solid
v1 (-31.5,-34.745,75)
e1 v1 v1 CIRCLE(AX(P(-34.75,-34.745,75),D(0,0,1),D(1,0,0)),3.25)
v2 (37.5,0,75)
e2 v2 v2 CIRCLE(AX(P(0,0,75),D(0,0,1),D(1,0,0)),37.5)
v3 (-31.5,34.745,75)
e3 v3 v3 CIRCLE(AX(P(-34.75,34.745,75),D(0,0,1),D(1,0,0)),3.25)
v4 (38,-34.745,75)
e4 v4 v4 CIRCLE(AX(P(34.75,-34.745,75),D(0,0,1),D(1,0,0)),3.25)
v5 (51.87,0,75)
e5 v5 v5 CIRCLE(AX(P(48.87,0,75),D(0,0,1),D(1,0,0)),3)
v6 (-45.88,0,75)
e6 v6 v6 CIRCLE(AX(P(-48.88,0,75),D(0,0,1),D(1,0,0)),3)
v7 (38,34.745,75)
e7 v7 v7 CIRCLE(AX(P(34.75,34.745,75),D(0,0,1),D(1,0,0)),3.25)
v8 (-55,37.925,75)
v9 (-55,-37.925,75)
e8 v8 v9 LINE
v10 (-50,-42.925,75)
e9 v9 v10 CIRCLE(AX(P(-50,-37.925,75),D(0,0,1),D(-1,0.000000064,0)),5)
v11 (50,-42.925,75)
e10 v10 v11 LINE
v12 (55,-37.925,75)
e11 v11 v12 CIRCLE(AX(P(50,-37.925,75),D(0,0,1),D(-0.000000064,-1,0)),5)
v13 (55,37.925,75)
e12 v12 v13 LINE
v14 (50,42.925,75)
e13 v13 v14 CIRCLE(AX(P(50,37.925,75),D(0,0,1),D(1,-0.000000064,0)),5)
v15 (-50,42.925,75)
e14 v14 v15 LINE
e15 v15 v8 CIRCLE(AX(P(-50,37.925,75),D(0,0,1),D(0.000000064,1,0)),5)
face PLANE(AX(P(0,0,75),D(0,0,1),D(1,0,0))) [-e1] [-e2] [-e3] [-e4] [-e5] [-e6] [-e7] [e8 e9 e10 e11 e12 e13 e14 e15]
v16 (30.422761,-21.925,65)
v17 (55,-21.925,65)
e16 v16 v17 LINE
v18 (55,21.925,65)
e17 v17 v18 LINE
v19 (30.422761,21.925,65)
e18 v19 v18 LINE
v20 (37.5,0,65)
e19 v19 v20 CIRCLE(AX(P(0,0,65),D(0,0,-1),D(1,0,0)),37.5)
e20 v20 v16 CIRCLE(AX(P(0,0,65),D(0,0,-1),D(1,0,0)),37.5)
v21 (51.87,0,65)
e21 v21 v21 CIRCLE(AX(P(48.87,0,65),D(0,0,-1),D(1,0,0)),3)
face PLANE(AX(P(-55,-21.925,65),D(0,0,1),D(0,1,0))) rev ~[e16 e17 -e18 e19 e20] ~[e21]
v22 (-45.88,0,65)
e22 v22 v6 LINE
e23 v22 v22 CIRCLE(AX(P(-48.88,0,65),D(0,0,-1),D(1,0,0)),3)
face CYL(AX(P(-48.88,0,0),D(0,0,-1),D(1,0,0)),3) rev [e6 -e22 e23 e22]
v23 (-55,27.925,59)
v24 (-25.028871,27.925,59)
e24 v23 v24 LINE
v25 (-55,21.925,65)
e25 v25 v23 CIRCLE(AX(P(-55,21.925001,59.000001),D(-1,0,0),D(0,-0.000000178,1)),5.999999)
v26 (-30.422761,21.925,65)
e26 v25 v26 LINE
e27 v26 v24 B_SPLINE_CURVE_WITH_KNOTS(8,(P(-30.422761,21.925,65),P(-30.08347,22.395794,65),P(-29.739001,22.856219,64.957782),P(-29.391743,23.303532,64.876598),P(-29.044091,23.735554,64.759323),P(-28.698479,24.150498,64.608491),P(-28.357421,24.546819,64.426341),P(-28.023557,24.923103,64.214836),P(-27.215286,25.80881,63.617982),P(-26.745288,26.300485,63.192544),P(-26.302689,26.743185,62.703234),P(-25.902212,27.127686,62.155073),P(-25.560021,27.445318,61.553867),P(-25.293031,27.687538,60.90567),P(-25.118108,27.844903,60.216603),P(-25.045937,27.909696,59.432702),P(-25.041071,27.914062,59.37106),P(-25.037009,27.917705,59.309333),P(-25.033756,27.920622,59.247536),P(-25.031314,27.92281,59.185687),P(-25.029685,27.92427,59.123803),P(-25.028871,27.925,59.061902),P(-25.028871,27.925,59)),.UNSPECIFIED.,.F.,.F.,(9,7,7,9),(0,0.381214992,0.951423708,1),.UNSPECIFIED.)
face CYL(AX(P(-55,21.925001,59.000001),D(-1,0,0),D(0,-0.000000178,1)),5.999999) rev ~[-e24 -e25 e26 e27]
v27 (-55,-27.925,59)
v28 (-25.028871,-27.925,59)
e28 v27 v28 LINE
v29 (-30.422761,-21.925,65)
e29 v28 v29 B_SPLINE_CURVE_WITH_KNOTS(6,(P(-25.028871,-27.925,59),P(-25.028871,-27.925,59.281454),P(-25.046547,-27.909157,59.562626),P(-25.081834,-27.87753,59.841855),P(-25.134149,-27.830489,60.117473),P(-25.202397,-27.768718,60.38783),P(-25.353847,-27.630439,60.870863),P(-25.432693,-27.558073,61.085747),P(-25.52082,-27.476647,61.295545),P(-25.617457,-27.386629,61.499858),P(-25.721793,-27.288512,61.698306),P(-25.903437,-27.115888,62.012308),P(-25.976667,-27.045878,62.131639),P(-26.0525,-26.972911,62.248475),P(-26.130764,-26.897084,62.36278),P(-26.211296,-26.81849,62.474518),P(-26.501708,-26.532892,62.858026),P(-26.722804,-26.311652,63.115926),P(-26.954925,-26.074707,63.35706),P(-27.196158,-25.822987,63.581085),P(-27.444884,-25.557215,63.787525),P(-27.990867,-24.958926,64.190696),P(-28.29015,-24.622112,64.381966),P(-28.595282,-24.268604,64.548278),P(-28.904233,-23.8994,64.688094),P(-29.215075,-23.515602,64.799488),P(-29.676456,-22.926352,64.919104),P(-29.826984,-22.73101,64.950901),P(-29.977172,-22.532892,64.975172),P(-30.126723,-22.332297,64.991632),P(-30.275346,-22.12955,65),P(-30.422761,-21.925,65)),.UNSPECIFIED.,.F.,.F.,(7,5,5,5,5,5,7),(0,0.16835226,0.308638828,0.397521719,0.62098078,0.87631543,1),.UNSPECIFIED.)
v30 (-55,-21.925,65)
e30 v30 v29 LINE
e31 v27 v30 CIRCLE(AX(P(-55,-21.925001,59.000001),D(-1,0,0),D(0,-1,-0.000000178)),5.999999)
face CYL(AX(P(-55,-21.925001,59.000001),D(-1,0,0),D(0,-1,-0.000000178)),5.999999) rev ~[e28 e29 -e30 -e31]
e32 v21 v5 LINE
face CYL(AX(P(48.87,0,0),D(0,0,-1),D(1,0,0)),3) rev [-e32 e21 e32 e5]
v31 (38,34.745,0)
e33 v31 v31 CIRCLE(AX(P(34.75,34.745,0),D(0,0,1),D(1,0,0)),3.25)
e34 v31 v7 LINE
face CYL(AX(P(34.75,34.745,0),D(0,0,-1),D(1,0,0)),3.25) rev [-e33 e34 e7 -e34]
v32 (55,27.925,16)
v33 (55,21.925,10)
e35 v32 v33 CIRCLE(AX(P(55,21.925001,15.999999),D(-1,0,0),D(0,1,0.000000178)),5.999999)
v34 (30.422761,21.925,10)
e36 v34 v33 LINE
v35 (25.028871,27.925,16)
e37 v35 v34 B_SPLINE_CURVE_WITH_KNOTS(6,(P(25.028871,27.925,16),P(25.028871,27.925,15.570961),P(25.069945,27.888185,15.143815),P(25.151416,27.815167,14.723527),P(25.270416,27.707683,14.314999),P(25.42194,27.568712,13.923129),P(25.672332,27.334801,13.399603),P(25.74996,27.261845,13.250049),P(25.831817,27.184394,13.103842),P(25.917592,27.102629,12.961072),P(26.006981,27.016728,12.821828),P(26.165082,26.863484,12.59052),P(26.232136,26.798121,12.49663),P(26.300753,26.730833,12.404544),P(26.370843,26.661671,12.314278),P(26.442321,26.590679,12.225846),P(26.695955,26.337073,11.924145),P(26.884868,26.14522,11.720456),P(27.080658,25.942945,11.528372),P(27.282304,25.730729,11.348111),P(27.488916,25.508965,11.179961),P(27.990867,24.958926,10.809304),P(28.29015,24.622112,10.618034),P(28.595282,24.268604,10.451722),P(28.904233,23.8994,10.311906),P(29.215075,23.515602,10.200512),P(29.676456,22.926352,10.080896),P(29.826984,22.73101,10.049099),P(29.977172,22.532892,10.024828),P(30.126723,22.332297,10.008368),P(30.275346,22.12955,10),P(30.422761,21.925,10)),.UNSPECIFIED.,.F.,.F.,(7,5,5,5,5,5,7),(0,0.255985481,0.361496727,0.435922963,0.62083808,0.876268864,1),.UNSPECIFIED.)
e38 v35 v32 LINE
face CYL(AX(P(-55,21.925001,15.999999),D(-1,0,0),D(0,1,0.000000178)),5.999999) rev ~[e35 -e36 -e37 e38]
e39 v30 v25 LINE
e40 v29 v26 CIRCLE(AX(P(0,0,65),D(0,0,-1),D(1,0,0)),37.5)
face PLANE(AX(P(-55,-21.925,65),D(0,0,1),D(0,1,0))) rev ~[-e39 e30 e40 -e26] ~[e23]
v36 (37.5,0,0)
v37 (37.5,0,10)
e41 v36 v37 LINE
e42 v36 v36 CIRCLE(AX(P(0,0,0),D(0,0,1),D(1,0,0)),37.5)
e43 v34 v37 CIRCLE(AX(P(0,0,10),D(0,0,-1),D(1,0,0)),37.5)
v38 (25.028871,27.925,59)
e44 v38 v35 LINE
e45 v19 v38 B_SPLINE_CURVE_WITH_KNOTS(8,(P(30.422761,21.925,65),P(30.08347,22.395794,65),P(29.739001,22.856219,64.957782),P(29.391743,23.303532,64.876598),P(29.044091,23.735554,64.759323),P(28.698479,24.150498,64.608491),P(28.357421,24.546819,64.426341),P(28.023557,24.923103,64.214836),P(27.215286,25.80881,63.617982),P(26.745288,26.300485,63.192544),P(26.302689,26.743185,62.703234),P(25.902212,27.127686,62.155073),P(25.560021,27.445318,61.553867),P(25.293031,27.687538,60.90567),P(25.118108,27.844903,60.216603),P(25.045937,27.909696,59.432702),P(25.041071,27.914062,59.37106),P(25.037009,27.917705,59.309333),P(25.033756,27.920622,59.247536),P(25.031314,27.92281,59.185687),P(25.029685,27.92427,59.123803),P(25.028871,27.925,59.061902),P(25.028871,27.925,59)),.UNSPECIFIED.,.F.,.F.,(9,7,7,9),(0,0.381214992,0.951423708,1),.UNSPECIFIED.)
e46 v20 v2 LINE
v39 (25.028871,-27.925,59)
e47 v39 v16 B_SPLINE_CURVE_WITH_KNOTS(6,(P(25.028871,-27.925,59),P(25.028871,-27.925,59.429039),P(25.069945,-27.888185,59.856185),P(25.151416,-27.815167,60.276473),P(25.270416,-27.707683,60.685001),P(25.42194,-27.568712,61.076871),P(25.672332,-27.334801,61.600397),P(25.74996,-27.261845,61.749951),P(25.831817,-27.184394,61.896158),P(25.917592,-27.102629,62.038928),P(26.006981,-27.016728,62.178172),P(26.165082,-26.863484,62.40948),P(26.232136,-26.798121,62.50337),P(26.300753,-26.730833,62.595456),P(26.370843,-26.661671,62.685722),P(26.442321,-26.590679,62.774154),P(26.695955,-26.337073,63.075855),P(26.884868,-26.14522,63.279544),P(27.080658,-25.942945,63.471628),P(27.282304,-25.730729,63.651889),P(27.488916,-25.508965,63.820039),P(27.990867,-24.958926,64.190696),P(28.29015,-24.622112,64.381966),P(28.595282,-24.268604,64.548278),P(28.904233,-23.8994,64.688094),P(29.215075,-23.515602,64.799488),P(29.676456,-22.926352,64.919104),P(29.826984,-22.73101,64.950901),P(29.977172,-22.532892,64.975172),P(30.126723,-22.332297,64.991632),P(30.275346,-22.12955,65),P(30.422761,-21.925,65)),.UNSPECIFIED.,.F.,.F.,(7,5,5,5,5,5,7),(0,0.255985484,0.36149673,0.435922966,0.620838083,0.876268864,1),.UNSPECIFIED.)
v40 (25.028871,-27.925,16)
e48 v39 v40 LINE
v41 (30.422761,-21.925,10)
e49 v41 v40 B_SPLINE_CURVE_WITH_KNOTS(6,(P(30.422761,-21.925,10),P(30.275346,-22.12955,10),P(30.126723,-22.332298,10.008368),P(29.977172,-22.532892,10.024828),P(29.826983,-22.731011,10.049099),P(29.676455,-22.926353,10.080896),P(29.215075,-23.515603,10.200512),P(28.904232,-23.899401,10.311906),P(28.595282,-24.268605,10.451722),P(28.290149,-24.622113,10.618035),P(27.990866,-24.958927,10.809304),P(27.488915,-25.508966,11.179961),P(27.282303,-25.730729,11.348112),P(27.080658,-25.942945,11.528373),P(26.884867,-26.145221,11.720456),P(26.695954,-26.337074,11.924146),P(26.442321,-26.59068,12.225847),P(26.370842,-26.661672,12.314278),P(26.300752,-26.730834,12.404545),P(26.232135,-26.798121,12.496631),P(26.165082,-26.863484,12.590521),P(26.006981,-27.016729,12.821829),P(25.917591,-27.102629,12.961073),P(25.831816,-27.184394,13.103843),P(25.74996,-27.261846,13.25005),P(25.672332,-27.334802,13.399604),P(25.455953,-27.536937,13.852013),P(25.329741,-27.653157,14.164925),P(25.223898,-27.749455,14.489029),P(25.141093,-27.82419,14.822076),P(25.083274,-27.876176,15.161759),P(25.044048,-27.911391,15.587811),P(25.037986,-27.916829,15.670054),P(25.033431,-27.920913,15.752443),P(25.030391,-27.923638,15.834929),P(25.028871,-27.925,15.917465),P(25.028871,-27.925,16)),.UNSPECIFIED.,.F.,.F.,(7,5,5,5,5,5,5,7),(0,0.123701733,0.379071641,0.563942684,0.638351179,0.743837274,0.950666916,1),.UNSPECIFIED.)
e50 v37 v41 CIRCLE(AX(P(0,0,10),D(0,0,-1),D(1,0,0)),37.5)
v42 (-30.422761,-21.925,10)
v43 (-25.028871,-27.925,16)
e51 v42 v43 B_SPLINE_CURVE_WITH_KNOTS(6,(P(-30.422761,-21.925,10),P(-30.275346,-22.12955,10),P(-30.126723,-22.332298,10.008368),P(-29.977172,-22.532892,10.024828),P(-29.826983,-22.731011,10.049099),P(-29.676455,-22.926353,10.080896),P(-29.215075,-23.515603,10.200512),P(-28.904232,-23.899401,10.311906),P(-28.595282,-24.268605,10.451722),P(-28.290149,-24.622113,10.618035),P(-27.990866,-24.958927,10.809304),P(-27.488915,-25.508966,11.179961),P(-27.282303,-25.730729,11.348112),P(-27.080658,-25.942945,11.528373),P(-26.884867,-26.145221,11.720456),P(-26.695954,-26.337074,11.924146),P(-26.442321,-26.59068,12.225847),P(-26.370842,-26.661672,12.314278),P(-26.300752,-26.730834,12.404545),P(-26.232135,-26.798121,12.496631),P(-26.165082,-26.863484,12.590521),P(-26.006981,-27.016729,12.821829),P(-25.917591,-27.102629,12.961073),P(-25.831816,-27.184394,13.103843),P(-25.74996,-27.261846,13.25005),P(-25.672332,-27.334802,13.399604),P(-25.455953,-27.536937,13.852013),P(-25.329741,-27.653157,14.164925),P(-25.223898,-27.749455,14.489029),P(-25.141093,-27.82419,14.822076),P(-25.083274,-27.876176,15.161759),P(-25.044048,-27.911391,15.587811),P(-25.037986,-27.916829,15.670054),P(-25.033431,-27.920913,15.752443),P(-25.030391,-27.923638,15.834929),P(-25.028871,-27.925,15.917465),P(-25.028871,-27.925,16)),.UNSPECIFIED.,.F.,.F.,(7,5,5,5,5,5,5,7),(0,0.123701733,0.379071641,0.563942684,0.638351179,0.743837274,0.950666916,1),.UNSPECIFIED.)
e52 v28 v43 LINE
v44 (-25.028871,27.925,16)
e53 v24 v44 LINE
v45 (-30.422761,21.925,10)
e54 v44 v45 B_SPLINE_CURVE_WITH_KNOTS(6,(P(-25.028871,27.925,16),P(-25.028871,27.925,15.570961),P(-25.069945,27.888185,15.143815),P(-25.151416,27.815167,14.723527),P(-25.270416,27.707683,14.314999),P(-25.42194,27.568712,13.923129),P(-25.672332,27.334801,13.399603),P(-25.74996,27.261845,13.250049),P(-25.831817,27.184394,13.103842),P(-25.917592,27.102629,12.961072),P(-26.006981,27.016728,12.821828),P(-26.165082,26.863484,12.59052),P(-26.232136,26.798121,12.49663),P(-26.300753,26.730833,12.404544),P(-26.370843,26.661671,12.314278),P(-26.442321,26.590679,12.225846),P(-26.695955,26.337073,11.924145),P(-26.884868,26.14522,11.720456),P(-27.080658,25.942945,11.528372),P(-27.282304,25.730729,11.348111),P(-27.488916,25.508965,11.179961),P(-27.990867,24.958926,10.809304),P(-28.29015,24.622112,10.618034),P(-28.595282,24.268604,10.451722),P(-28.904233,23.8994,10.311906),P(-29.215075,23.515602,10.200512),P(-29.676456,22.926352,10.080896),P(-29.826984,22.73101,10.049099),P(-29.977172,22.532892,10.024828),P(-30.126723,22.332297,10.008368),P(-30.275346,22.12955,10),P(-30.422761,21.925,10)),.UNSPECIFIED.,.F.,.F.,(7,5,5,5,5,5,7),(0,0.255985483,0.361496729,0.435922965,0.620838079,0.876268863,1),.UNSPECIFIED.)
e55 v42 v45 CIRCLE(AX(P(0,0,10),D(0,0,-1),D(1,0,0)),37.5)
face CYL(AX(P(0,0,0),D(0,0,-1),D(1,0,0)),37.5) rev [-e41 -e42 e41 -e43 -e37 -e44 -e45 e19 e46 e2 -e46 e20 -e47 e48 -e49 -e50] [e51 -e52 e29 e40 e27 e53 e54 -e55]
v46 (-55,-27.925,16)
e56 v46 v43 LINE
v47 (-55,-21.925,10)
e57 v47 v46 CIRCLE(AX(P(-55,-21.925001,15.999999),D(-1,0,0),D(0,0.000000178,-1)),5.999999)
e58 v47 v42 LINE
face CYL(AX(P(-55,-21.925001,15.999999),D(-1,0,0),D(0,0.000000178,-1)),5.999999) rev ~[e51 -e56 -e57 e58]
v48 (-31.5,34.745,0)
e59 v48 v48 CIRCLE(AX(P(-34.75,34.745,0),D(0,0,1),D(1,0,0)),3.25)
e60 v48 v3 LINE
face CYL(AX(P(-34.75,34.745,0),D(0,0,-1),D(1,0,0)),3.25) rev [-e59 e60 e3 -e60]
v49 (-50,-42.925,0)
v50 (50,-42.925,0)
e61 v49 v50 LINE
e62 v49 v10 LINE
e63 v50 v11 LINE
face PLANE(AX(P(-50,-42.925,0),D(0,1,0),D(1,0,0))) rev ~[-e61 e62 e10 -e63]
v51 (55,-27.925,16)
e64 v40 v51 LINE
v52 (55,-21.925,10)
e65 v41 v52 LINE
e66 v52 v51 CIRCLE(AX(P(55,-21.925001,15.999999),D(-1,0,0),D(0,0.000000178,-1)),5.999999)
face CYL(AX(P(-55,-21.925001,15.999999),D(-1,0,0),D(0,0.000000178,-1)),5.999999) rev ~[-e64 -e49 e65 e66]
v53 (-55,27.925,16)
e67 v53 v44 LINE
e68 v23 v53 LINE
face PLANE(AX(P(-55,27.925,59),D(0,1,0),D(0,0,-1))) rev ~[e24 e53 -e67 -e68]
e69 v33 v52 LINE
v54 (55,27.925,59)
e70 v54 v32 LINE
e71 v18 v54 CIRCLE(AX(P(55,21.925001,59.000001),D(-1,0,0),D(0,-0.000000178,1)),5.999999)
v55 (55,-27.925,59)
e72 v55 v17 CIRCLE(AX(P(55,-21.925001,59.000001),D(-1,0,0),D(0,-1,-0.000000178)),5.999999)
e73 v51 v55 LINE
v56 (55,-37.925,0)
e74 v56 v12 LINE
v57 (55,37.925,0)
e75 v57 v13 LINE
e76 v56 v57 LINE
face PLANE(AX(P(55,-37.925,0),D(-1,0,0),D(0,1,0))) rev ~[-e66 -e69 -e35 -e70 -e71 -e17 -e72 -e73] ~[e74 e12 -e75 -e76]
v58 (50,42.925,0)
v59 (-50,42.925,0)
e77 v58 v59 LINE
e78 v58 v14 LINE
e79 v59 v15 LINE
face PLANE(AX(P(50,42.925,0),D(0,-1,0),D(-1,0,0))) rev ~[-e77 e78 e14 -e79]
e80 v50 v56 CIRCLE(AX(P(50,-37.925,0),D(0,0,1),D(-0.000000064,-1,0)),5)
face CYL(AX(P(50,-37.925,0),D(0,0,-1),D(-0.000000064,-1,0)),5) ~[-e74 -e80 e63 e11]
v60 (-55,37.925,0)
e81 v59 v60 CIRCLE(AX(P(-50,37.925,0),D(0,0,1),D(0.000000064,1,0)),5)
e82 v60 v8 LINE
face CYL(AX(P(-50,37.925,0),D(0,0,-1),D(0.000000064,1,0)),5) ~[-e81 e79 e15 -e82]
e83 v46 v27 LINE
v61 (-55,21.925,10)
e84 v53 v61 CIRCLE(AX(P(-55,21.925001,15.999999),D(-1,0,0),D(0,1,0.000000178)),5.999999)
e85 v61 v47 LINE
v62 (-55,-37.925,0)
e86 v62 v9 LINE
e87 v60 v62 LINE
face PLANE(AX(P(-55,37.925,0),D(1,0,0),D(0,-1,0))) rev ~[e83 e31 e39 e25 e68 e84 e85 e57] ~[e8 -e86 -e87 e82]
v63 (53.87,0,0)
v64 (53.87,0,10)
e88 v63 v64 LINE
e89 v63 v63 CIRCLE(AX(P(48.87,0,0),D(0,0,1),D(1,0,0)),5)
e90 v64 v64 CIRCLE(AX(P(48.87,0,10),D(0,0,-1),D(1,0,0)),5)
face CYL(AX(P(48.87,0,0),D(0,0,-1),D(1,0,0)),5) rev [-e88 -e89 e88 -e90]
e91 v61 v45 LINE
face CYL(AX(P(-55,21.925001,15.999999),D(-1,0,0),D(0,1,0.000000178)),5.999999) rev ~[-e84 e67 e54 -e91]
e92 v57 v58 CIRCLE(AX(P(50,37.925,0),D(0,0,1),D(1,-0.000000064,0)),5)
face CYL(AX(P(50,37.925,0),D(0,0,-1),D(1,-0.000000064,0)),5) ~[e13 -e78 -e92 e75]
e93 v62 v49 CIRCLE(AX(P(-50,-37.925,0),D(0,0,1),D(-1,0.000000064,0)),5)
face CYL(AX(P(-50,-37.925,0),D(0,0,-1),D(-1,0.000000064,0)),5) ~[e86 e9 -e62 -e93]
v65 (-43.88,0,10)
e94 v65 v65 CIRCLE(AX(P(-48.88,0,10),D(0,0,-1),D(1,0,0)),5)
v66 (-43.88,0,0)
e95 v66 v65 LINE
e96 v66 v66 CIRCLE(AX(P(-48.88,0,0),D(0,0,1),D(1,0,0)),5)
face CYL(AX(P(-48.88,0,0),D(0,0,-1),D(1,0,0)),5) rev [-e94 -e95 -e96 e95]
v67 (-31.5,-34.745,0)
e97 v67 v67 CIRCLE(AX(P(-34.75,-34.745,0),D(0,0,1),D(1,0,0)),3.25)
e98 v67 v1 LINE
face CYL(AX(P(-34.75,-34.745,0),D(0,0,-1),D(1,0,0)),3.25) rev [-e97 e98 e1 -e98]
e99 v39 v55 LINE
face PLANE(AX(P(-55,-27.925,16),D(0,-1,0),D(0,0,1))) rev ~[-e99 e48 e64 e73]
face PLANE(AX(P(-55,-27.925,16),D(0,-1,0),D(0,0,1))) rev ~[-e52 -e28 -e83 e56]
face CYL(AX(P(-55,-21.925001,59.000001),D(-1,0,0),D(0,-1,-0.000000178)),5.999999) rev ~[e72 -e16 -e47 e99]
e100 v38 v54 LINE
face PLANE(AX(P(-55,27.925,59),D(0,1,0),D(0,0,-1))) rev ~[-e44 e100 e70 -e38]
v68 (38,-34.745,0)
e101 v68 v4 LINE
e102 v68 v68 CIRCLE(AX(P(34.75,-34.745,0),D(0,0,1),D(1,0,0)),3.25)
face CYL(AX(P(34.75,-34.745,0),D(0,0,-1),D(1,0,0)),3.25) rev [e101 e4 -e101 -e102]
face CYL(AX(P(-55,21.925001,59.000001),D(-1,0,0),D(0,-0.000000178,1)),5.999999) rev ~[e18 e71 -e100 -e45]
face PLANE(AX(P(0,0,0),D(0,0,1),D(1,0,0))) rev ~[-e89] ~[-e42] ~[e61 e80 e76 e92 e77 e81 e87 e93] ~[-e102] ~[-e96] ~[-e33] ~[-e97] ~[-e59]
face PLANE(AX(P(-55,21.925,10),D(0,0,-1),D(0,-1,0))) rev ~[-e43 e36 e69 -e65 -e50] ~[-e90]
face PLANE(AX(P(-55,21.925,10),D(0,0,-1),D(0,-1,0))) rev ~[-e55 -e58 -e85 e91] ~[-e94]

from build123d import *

# Parameters (mm, degrees)
F0_R          = 3.25
F0_R_2        = 5
F0_R_3        = 37.5
F0_R_4        = 3
F1_DEPTH      = 75
F3_DEPTH      = 129.5235
F3_DEPTH_BACK = 58.3597
F4_DEPTH      = 40.69625


with BuildPart() as f1:
    # F0 (on Top) → F1 (new body)
    with BuildSketch(Plane.XY):
        with BuildLine():
            Line((50, 42.925), (-50, 42.925))
            ThreePointArc((-50, 42.925), (-53.535534, 41.460534), (-55, 37.925))
            Line((-55, 37.925), (-55, -37.925))
            ThreePointArc((-55, -37.925), (-53.535534, -41.460534), (-50, -42.925))
            Line((-50, -42.925), (50, -42.925))
            ThreePointArc((50, -42.925), (53.535534, -41.460534), (55, -37.925))
            Line((55, -37.925), (55, 37.925))
            ThreePointArc((55, 37.925), (53.535534, 41.460534), (50, 42.925))
        make_face()
        with Locations((-34.75, -34.745)):
            Circle(F0_R, mode=Mode.SUBTRACT)
        with Locations((34.75, -34.745)):
            Circle(F0_R, mode=Mode.SUBTRACT)
        with Locations((-48.88, 0)):
            Circle(F0_R_2, mode=Mode.SUBTRACT)
        with Locations((-34.75, 34.745)):
            Circle(F0_R, mode=Mode.SUBTRACT)
        Circle(F0_R_3, mode=Mode.SUBTRACT)
        with Locations((48.87, 0)):
            Circle(F0_R_2, mode=Mode.SUBTRACT)
        with Locations((34.75, 34.745)):
            Circle(F0_R, mode=Mode.SUBTRACT)
        with Locations((48.87, 0)):
            Circle(F0_R_2)
        with Locations((48.87, 0)):
            Circle(F0_R_4, mode=Mode.SUBTRACT)
        with Locations((-48.88, 0)):
            Circle(F0_R_2)
        with Locations((-48.88, 0)):
            Circle(F0_R_4, mode=Mode.SUBTRACT)
    extrude(amount=F1_DEPTH)

    # F2 (on face) → F3 (cut, two sides)
    with BuildSketch(Plane(origin=(-55, 0, 0), x_dir=(0, -1, 0), z_dir=(-1, 0, 0))) as f3_sk:
        with BuildLine():
            Line((21.925, 65), (-21.925, 65))
            ThreePointArc((-21.925, 65), (-26.167641, 63.242641), (-27.925, 59))
            Line((-27.925, 59), (-27.925, 16))
            ThreePointArc((-27.925, 16), (-26.167641, 11.757359), (-21.925, 10))
            Line((-21.925, 10), (21.925, 10))
            ThreePointArc((21.925, 10), (26.167641, 11.757359), (27.925, 16))
            Line((27.925, 16), (27.925, 59))
            ThreePointArc((27.925, 59), (26.167641, 63.242641), (21.925, 65))
        make_face()
    extrude(amount=-F3_DEPTH, mode=Mode.SUBTRACT)
    extrude(f3_sk.sketch, amount=-F3_DEPTH_BACK, mode=Mode.SUBTRACT)

    # F0 (on Top) → F4 (cut)
    with BuildSketch(Plane.XY):
        with Locations((-48.88, 0)):
            Circle(F0_R_2)
        with Locations((-48.88, 0)):
            Circle(F0_R_4, mode=Mode.SUBTRACT)
        with Locations((48.87, 0)):
            Circle(F0_R_2)
        with Locations((48.87, 0)):
            Circle(F0_R_4, mode=Mode.SUBTRACT)
    extrude(amount=F4_DEPTH, mode=Mode.SUBTRACT)


solid = f1.part
